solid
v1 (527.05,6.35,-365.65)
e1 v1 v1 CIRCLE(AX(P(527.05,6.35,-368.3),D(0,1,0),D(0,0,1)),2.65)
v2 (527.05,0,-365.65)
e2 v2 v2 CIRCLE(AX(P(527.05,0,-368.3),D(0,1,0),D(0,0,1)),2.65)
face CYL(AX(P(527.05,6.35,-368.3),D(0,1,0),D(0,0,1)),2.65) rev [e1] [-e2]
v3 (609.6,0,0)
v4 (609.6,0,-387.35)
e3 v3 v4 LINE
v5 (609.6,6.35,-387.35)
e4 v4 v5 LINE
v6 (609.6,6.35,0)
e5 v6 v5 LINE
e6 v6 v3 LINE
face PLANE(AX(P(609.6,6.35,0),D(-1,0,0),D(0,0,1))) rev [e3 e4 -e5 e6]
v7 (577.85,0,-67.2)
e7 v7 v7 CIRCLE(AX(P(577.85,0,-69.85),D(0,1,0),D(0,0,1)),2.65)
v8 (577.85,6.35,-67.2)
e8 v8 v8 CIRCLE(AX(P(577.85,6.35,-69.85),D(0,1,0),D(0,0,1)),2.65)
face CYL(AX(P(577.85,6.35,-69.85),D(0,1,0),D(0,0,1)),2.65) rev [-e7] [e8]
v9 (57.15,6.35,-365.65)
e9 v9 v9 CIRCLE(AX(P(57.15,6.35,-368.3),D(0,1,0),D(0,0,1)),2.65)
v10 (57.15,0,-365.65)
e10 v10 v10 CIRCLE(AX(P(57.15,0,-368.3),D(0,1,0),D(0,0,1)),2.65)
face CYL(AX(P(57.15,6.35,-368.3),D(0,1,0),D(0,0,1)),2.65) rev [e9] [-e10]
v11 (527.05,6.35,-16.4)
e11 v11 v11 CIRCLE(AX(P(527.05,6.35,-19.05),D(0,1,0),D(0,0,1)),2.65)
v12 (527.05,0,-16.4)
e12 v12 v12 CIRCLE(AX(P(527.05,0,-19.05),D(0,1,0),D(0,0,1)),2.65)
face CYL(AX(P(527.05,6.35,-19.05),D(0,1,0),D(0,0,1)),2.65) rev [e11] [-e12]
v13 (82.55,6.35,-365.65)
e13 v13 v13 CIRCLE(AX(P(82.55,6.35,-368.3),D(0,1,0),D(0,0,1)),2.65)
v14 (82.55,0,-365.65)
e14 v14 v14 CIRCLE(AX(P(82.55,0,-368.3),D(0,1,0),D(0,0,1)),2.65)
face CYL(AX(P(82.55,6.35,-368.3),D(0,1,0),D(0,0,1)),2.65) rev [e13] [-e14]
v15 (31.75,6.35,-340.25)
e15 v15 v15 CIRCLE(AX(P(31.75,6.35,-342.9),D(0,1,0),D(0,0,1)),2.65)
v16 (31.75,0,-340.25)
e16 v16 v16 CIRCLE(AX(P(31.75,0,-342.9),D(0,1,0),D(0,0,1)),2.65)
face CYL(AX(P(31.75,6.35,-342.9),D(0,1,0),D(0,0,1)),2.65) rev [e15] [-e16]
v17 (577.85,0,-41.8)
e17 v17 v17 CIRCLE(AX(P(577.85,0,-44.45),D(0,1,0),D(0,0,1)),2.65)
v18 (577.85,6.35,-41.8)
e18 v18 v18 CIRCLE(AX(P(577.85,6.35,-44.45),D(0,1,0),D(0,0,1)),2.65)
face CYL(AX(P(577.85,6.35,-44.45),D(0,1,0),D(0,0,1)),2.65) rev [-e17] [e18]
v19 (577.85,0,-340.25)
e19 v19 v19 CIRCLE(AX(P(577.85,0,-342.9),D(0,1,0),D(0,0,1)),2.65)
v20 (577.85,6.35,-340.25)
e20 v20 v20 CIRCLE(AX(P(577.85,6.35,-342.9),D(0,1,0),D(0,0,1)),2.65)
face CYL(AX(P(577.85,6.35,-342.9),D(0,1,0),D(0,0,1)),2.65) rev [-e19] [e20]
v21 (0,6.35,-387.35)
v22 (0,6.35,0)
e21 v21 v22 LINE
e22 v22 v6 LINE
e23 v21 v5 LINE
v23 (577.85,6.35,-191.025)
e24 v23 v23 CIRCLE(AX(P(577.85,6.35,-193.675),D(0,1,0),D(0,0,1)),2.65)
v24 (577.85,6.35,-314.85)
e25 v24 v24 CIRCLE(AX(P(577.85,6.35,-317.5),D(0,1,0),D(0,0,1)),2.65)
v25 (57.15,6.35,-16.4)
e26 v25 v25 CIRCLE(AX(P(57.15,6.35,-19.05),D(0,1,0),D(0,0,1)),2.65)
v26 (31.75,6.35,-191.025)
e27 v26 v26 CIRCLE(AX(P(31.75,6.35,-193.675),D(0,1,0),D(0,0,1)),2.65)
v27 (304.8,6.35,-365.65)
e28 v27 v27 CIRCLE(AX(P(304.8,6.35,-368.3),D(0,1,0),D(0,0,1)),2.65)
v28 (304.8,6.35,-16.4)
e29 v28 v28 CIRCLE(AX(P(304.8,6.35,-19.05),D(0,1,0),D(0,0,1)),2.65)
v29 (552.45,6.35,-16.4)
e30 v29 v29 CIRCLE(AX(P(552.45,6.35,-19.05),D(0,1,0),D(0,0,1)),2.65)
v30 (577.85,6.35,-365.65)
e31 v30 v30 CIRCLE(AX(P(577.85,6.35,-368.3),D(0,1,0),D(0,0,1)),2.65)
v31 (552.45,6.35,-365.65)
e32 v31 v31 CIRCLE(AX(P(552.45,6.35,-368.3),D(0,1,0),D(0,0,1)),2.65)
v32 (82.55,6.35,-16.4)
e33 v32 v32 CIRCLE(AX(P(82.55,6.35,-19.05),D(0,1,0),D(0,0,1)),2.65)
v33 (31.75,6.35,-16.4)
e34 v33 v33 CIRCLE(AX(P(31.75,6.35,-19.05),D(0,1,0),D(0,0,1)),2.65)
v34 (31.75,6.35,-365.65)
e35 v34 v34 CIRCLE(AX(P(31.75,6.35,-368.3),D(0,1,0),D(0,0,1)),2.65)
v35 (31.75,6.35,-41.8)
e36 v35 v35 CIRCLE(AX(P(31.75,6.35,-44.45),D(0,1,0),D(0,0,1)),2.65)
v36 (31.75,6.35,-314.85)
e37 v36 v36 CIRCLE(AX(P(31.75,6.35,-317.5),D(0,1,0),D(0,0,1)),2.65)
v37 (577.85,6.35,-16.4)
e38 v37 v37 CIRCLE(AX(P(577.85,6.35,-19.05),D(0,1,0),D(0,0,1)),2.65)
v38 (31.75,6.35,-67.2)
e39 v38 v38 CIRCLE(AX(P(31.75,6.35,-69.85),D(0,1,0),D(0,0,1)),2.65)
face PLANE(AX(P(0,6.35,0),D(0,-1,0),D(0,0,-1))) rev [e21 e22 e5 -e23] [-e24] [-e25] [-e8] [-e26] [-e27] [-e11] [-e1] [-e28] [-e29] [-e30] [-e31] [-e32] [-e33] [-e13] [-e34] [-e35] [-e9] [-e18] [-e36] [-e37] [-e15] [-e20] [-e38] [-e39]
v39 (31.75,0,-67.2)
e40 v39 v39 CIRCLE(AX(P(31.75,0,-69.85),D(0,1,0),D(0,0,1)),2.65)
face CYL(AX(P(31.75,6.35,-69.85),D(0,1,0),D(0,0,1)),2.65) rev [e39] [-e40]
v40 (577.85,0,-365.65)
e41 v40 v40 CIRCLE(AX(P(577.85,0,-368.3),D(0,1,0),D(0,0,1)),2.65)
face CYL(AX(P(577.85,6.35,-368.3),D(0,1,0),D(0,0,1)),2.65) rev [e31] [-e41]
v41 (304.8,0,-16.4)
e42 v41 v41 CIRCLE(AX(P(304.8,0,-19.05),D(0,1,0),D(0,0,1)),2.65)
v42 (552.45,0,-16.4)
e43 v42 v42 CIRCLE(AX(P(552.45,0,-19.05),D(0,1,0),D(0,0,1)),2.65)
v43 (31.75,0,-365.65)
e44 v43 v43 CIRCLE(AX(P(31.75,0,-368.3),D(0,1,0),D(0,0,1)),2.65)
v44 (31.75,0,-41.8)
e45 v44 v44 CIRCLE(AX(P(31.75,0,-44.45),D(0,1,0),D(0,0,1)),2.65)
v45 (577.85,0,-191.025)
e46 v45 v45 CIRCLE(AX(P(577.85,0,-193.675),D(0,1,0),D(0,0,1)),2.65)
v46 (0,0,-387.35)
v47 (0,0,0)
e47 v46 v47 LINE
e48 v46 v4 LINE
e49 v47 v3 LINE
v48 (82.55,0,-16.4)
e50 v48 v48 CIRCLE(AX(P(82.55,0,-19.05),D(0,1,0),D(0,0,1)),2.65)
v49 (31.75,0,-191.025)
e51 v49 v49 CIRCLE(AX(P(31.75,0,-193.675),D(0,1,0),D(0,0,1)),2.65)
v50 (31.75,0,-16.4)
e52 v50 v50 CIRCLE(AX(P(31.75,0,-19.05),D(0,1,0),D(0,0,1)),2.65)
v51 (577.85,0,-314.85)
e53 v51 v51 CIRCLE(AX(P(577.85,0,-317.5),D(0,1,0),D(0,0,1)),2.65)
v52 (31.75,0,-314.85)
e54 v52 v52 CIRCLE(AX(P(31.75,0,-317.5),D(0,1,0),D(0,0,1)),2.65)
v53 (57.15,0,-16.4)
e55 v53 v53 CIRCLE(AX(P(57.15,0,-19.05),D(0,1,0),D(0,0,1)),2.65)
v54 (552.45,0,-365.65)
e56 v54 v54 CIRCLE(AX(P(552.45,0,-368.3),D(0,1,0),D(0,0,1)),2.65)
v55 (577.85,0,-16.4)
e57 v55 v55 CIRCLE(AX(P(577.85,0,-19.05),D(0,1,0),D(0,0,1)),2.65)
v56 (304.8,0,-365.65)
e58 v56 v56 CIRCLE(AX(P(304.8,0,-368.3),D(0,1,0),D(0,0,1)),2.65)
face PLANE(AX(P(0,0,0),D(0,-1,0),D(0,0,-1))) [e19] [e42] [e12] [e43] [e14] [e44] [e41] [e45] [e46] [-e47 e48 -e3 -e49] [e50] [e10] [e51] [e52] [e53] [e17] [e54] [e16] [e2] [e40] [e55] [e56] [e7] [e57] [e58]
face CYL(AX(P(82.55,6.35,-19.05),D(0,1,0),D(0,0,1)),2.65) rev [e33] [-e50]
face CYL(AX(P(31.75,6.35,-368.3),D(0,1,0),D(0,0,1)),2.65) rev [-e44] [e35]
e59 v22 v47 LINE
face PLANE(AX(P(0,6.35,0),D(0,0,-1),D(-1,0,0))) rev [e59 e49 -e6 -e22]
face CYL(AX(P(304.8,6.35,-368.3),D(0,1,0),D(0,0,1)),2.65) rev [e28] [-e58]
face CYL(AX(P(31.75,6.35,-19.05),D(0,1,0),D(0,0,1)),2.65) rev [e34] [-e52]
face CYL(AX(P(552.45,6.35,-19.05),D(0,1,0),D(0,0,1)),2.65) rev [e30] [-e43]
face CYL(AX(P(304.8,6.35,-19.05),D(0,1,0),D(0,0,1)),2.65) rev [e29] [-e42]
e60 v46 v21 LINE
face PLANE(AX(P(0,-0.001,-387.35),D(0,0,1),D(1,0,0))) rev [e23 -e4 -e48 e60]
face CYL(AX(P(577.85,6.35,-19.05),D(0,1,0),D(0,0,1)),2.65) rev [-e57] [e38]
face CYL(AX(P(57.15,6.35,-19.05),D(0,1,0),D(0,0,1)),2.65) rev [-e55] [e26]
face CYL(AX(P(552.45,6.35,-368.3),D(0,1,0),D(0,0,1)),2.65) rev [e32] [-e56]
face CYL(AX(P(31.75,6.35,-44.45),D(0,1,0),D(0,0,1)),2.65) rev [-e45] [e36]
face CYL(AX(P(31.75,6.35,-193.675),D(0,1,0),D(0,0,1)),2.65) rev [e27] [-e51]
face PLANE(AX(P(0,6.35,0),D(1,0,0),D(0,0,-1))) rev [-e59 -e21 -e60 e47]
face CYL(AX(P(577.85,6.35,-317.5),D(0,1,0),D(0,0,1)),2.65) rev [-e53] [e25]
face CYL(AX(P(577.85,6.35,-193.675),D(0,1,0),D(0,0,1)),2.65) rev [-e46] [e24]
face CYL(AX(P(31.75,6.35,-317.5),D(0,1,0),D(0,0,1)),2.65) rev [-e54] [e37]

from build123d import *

# Parameters (mm, degrees)
SKETCH1_W                  = 609.6
SKETCH1_H                  = 609.6
BOSS_EXTRUDE1_DEPTH        = 6.35
SKETCH2_W                  = 609.6
SKETCH2_H                  = 222.25
BOSS_EXTRUDE2_DEPTH        = 25.4
F_5_3_5_3_DIAMETER_HOLE1_D = 5.3
CUT_EXTRUDE1_REACH         = 864.689
SKETCH6_W                  = 609.6
SKETCH6_H                  = 222.25


with BuildPart() as part:
    # Sketch1 → Boss-Extrude1 (new body)
    with BuildSketch(Plane(origin=(0, 0, 0), x_dir=(1, 0, 0), z_dir=(0, 1, 0))):
        with Locations((304.8, 304.8)):
            Rectangle(SKETCH1_W, SKETCH1_H)
    extrude(amount=BOSS_EXTRUDE1_DEPTH)

    # Sketch2 → Boss-Extrude2 (add)
    with BuildSketch(Plane(origin=(0, 6.35, 0), x_dir=(1, 0, 0), z_dir=(0, 1, 0))):
        with Locations((304.8, 498.475)):
            Rectangle(SKETCH2_W, SKETCH2_H)
    extrude(amount=BOSS_EXTRUDE2_DEPTH)

    # Ø5.3 (5.3) Diameter Hole1 (through all)
    with Locations(Plane(origin=(0, 6.35, 0), x_dir=(1, 0, 0), z_dir=(0, 1, 0))):
        with Locations((31.75, 368.3), (57.15, 368.3), (82.55, 368.3), (31.75, 342.9), (31.75, 317.5), (31.75, 69.85), (31.75, 44.45), (31.75, 19.05), (57.15, 19.05), (82.55, 19.05), (304.8, 19.05), (31.75, 193.675), (304.8, 368.3), (577.85, 193.675), (527.05, 368.3), (552.45, 368.3), (577.85, 368.3), (577.85, 342.9), (577.85, 317.5), (577.85, 69.85), (577.85, 44.45), (577.85, 19.05), (552.45, 19.05), (527.05, 19.05)):
            Hole(F_5_3_5_3_DIAMETER_HOLE1_D / 2)

    # Sketch6 → Cut-Extrude1 (cut, up to next)
    with BuildSketch(Plane(origin=(0, 31.75, 0), x_dir=(1, 0, 0), z_dir=(0, 1, 0)), mode=Mode.PRIVATE) as cut_extrude1_sk1:
        with Locations((304.8, 498.475)):
            Rectangle(SKETCH6_W, SKETCH6_H)
    cut_extrude1_tool1 = extrude(cut_extrude1_sk1.sketch, amount=-CUT_EXTRUDE1_REACH, mode=Mode.PRIVATE) & part.part
    add(cut_extrude1_tool1.solids().sort_by_distance((304.8, 31.75, -498.475))[0], mode=Mode.SUBTRACT)


solid = part.part
